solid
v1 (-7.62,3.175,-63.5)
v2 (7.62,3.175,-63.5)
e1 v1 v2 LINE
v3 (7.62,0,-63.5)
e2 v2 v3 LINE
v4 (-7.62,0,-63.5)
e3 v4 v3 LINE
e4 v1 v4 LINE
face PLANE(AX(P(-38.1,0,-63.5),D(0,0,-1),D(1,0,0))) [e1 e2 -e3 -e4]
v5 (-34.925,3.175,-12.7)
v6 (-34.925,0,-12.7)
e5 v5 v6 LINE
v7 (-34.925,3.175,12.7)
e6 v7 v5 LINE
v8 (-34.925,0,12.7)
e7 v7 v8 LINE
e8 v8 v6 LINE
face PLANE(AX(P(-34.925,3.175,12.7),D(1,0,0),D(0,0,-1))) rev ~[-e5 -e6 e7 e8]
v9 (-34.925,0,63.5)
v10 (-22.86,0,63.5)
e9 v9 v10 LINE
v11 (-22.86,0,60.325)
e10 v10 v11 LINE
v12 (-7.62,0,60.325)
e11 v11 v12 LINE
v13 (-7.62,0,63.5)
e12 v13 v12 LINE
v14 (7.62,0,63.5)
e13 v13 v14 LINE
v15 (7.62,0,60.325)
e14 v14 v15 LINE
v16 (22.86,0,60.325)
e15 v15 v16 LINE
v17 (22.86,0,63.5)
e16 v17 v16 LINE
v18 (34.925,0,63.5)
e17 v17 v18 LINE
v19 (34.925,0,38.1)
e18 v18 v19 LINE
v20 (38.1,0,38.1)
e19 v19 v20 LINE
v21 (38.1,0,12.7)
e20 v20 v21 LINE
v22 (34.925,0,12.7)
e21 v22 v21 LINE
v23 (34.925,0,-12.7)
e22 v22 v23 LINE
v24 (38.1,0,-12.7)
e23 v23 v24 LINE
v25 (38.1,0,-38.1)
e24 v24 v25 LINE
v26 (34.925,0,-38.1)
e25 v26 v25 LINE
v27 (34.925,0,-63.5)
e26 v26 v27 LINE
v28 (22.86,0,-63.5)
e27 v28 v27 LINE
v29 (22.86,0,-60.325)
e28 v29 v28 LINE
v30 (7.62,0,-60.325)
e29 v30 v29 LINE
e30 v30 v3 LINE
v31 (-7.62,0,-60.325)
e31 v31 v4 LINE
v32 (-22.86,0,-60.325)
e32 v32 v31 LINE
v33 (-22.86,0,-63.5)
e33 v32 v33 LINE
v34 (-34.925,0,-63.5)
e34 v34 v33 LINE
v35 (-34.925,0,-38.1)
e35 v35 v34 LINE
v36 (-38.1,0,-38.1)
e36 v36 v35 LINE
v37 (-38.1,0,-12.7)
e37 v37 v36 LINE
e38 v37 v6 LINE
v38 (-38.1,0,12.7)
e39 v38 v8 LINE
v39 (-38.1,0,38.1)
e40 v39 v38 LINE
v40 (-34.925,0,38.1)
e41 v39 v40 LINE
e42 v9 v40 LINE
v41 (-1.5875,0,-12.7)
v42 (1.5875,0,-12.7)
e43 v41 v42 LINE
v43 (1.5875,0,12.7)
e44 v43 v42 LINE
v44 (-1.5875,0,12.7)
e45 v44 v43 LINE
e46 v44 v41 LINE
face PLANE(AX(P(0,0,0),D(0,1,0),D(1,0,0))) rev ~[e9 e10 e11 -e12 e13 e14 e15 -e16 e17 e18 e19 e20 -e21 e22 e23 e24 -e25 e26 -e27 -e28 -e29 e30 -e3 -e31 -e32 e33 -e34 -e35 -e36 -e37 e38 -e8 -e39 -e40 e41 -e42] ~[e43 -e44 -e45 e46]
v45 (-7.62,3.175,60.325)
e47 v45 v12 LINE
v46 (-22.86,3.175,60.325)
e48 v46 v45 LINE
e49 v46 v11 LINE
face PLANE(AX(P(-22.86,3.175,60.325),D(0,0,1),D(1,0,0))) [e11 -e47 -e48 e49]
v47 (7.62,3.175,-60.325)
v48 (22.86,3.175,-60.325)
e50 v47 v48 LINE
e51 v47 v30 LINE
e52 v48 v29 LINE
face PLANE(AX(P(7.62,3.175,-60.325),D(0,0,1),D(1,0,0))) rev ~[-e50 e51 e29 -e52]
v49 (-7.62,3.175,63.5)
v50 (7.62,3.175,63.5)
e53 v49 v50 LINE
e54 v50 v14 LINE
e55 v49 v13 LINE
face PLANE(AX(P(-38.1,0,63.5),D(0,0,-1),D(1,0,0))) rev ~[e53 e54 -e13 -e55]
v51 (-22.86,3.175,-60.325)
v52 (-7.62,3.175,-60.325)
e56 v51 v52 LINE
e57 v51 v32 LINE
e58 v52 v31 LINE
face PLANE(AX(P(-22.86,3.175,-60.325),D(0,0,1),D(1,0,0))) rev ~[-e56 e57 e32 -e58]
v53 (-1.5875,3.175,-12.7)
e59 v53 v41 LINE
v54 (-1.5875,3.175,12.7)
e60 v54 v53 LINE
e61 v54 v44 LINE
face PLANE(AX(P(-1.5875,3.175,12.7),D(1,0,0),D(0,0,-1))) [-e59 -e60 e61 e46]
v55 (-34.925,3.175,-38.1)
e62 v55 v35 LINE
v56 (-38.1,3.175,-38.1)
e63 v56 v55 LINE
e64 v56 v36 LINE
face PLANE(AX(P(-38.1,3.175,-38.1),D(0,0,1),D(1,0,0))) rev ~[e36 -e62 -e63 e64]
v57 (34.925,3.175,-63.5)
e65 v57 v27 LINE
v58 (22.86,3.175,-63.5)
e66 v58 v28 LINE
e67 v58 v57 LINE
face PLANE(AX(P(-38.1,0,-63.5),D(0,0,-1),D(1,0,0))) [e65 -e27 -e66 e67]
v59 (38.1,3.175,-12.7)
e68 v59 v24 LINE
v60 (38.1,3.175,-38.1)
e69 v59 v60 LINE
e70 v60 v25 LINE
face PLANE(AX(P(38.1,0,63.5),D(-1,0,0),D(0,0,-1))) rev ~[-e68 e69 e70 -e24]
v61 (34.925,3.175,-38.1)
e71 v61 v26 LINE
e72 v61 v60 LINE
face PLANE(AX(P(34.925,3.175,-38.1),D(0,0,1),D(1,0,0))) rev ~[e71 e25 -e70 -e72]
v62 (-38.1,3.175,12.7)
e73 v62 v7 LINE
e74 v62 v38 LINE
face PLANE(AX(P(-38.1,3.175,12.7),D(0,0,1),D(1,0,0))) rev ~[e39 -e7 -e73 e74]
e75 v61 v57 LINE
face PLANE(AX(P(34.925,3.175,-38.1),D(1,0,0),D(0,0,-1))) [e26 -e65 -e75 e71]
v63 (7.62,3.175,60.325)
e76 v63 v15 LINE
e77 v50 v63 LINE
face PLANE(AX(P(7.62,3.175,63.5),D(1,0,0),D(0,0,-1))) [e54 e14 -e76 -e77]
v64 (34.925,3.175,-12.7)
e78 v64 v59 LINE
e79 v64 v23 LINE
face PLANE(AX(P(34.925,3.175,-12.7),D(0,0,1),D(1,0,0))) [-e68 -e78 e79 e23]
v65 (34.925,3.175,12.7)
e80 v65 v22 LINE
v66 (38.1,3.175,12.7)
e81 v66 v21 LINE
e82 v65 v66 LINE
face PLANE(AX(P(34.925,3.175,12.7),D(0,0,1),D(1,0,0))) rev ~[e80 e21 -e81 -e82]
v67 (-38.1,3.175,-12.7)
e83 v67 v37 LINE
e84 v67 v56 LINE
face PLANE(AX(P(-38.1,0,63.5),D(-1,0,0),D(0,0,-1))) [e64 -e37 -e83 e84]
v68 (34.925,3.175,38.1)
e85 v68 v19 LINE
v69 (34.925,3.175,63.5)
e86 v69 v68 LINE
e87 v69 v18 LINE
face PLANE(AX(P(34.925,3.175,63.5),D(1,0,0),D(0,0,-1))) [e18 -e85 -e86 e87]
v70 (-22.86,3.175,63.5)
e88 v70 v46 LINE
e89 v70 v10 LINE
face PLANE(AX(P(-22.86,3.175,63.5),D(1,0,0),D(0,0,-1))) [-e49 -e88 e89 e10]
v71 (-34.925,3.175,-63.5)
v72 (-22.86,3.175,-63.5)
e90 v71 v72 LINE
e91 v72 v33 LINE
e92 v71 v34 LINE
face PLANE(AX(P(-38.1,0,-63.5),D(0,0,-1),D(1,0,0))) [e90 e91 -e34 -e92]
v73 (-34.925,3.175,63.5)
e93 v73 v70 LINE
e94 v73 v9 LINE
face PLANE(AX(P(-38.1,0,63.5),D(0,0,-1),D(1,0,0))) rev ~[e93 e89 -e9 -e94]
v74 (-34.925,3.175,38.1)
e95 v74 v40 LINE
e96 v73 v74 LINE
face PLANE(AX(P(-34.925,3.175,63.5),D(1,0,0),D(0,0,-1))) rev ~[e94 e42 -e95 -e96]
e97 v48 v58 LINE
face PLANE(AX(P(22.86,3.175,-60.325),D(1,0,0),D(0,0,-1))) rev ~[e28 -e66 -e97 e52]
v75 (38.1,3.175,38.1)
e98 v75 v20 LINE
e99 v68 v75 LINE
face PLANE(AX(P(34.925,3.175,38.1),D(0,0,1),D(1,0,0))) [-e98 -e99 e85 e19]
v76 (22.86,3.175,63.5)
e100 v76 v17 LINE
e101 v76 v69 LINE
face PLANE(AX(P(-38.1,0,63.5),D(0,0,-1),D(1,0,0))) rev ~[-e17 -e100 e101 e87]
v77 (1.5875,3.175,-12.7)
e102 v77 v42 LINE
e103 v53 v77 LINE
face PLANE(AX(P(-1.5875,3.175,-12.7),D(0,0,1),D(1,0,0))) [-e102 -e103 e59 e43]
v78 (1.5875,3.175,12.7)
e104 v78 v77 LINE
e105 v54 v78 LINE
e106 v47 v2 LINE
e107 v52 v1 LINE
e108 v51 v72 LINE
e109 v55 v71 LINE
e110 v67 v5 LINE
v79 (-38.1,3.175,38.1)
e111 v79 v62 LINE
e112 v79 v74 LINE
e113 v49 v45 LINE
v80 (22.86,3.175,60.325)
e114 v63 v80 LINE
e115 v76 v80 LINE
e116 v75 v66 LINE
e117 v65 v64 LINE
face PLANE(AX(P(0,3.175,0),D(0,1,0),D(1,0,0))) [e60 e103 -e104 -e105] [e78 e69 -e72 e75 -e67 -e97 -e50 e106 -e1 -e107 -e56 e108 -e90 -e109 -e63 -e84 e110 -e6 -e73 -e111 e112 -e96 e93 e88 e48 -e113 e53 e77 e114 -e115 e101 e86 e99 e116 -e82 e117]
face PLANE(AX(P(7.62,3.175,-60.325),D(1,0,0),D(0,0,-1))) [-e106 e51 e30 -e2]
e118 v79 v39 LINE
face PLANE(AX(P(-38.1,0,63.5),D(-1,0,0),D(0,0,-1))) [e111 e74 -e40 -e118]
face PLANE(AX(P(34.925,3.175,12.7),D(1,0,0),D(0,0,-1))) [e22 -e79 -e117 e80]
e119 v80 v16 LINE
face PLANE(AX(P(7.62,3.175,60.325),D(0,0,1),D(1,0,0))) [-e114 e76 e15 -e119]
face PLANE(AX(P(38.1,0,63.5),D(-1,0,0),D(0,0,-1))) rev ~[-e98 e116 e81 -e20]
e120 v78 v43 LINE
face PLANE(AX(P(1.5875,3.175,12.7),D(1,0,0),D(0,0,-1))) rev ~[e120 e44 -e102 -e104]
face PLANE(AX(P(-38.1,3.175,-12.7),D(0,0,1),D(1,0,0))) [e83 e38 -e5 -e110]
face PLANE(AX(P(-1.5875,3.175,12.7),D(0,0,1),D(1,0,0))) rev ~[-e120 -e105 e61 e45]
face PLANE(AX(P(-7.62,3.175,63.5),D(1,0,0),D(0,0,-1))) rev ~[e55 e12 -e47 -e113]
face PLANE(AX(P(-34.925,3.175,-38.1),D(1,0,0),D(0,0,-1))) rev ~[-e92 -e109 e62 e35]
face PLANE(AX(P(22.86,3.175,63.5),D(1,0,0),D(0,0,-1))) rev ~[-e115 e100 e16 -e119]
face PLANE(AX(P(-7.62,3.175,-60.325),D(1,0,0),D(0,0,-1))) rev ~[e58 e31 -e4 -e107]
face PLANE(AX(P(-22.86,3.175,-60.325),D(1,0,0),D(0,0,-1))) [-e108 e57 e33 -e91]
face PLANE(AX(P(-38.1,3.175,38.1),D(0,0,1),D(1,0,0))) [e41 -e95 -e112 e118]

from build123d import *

# Parameters (mm, degrees)
SKETCH1_W           = 76.2
SKETCH1_H           = 127
BOSS_EXTRUDE1_DEPTH = 3.175
SKETCH2_W           = 3.175
SKETCH2_H           = 25.4
CUT_EXTRUDE1_DEPTH  = 3.175
LPATTERN1_COUNT     = 3
LPATTERN1_PITCH     = 50.8
SKETCH3_W           = 15.24
SKETCH3_H           = 3.175
CUT_EXTRUDE2_DEPTH  = 3.175
LPATTERN2_COUNT     = 3
LPATTERN2_PITCH     = 30.48
SKETCH4_W           = 3.175
SKETCH4_H           = 25.4
CUT_EXTRUDE3_DEPTH  = 3.175


with BuildPart() as part:
    # Sketch1 → Boss-Extrude1 (new body)
    with BuildSketch(Plane(origin=(0, 0, 0), x_dir=(1, 0, 0), z_dir=(0, 1, 0))):
        Rectangle(SKETCH1_W, SKETCH1_H)
    extrude(amount=BOSS_EXTRUDE1_DEPTH)

    # Sketch2 → Cut-Extrude1 (cut)
    with BuildSketch(Plane(origin=(0, 3.175, 0), x_dir=(1, 0, 0), z_dir=(0, 1, 0))):
        with Locations((-36.5125, 50.8)):
            Rectangle(SKETCH2_W, SKETCH2_H)
        with Locations((36.5125, 50.8)):
            Rectangle(SKETCH2_W, SKETCH2_H)
    cut_extrude1 = extrude(amount=-CUT_EXTRUDE1_DEPTH, mode=Mode.SUBTRACT)

    # LPattern1: Cut-Extrude1 ×3
    with Locations(*[(0, 0, i * LPATTERN1_PITCH) for i in range(1, LPATTERN1_COUNT)]):
        add(cut_extrude1, mode=Mode.SUBTRACT)

    # Sketch3 → Cut-Extrude2 (cut)
    with BuildSketch(Plane(origin=(0, 3.175, 0), x_dir=(1, 0, 0), z_dir=(0, 1, 0))):
        with Locations((15.24, 61.9125)):
            Rectangle(SKETCH3_W, SKETCH3_H)
        with Locations((15.24, -61.9125)):
            Rectangle(SKETCH3_W, SKETCH3_H)
    cut_extrude2 = extrude(amount=-CUT_EXTRUDE2_DEPTH, mode=Mode.SUBTRACT)

    # LPattern2: Cut-Extrude2 ×3
    with Locations(*[(-i * LPATTERN2_PITCH, 0, 0) for i in range(1, LPATTERN2_COUNT)]):
        add(cut_extrude2, mode=Mode.SUBTRACT)

    # Sketch4 → Cut-Extrude3 (cut)
    with BuildSketch(Plane(origin=(0, 3.175, 0), x_dir=(1, 0, 0), z_dir=(0, 1, 0))):
        Rectangle(SKETCH4_W, SKETCH4_H)
    extrude(amount=-CUT_EXTRUDE3_DEPTH, mode=Mode.SUBTRACT)


solid = part.part
